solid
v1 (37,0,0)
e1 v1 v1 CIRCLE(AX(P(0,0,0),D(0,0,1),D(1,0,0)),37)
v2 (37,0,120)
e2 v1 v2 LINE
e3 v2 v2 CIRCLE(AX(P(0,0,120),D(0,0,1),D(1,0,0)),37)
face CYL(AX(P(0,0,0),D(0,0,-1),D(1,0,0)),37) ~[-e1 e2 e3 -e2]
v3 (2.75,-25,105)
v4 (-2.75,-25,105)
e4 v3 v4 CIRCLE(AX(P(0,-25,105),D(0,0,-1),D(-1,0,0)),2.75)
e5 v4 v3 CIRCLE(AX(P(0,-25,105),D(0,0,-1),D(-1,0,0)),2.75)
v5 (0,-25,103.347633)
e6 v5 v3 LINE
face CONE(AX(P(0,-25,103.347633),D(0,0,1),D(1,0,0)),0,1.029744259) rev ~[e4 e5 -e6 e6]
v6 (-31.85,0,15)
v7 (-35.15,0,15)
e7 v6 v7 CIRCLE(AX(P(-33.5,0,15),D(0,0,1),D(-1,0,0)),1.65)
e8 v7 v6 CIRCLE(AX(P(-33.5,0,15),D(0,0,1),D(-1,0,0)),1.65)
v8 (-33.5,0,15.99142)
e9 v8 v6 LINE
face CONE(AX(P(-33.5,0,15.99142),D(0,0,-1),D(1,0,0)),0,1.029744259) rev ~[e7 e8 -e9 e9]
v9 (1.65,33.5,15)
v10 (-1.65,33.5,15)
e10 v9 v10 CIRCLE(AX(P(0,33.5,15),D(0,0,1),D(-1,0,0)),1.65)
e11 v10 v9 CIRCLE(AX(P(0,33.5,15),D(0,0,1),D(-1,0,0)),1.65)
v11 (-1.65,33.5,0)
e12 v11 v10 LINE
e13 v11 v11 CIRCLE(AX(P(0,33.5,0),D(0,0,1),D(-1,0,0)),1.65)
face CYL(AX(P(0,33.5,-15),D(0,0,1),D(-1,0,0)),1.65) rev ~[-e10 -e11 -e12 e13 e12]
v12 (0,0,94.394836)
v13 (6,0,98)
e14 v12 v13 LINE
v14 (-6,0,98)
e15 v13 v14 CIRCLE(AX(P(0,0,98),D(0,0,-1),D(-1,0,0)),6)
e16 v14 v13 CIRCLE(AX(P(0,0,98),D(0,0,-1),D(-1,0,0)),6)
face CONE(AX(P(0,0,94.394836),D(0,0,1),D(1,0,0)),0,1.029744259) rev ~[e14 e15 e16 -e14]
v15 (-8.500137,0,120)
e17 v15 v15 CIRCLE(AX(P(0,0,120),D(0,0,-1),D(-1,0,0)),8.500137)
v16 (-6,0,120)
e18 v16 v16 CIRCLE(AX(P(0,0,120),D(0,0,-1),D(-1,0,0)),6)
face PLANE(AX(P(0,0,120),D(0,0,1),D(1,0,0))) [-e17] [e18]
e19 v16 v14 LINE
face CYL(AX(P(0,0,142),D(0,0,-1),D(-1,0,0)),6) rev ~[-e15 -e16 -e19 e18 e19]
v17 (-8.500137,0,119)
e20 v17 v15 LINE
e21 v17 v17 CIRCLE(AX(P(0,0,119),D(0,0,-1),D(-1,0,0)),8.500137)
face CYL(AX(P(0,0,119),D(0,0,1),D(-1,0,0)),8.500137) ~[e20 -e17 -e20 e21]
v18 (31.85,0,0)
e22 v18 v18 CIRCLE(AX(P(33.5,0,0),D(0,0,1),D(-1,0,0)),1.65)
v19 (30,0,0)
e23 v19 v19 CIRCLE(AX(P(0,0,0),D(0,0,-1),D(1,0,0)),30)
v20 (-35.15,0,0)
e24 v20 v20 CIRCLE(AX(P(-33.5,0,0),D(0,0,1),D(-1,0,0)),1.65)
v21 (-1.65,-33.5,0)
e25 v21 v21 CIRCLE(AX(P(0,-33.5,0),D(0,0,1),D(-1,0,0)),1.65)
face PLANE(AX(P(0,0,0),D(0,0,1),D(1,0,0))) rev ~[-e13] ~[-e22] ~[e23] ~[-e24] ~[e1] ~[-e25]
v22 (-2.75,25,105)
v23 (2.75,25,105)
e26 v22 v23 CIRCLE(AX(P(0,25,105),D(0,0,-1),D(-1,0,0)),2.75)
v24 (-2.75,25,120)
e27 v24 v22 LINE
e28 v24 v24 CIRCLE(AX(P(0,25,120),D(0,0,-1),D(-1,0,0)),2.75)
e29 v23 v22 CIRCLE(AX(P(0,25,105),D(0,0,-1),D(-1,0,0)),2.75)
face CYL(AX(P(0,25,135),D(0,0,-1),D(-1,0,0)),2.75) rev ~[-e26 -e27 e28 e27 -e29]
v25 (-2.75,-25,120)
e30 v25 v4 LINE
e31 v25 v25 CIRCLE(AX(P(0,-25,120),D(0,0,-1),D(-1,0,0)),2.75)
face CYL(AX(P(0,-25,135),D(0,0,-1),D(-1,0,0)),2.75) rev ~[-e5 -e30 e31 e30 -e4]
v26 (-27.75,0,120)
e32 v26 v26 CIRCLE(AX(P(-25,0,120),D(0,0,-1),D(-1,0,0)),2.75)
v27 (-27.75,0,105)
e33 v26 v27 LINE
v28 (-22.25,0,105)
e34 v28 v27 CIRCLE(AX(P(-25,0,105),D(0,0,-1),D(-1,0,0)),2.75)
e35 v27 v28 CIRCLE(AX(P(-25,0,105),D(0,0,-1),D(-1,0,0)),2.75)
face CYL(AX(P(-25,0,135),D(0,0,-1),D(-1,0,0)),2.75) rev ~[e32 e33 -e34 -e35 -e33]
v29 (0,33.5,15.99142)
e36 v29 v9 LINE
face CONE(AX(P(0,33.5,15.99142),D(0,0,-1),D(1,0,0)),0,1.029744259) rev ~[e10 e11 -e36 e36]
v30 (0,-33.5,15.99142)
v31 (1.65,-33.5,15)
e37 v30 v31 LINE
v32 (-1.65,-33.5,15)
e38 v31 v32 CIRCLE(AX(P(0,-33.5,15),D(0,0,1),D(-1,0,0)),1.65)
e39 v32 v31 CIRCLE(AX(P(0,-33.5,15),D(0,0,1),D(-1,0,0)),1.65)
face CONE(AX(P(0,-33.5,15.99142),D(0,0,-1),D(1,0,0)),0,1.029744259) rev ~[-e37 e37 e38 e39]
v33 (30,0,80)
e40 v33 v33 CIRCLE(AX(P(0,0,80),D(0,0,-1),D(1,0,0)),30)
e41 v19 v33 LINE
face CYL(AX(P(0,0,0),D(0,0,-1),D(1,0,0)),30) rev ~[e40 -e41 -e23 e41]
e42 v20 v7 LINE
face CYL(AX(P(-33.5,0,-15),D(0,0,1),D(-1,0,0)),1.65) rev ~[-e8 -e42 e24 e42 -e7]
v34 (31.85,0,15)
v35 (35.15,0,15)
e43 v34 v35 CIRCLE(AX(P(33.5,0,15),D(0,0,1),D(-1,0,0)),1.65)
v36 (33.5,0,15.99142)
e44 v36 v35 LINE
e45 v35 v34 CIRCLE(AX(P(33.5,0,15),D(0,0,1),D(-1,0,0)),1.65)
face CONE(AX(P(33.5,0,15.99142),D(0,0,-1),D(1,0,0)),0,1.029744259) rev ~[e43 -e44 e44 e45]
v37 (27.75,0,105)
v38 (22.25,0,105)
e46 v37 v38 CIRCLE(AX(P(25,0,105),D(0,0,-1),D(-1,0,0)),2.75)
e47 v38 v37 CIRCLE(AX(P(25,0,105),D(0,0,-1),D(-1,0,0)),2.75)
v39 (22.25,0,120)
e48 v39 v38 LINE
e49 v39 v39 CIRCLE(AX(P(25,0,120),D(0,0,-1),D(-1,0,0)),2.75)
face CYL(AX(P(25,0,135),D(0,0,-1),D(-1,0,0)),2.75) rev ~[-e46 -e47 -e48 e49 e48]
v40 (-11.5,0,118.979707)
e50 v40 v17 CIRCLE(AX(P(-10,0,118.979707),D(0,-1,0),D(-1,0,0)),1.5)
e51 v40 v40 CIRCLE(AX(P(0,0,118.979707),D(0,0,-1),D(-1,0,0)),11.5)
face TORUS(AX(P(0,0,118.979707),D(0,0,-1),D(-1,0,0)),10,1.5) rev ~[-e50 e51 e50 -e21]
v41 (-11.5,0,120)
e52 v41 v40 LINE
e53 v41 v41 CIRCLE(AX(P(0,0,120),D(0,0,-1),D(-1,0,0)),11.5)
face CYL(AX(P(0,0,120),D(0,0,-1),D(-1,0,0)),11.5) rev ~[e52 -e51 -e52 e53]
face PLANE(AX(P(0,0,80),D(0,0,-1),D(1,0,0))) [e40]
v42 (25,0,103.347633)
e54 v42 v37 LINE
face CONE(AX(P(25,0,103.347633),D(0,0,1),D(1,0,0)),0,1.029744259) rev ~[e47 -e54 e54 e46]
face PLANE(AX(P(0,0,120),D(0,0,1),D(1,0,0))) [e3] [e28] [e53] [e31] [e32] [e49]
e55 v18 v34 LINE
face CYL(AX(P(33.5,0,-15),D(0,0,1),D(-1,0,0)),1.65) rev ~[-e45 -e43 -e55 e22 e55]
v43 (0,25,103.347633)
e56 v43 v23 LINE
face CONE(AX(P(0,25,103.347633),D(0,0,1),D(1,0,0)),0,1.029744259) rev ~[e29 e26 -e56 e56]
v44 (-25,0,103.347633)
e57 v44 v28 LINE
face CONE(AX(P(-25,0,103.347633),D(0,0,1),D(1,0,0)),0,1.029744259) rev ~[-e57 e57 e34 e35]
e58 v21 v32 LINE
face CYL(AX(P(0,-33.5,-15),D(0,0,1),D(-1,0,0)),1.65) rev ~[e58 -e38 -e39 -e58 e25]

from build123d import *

# Parameters (mm, degrees)
F0_R      = 37
F1_DEPTH  = 120
F2_R      = 30
F3_DEPTH  = 80
F5_D      = 12
F5_DEPTH  = 22
F5_TIP    = 3.6051637142
F9_D      = 5.5
F9_DEPTH  = 15
F9_TIP    = 1.6523667023
F11_D     = 3.3
F11_DEPTH = 15
F11_TIP   = 0.9914200214


with BuildPart() as f1:
    # F0 (on Top) → F1 (new body)
    with BuildSketch(Plane.XY):
        Circle(F0_R)
    extrude(amount=F1_DEPTH)

    # F2 (on face) → F3 (cut)
    with BuildSketch(Plane(origin=(0, 0, 0), x_dir=(1, 0, 0), z_dir=(0, 0, -1))):
        Circle(F2_R)
    extrude(amount=-F3_DEPTH, mode=Mode.SUBTRACT)

    # F5
    with Locations(Plane.XY.offset(120)):
        with Locations((0, 0)):
            Hole(F5_D / 2, depth=F5_DEPTH)
            with Locations((0, 0, -(F5_DEPTH + F5_TIP / 2))):  # 118° drill point
                Cone(0, F5_D / 2, F5_TIP, mode=Mode.SUBTRACT)

    # F6 (on Front) → F7 (revolve, cut)
    with BuildSketch(Plane.XZ):
        with BuildLine():
            Line((-8.50013727, 120), (-11.5, 120))
            Line((-11.5, 120), (-11.5, 118.9797073603))
            ThreePointArc((-11.5, 118.9797073603), (-9.989853448, 117.4797416782), (-8.50013727, 119))
            Line((-8.50013727, 119), (-8.50013727, 120))
        make_face()
    revolve(axis=Axis((0, 0, 55.1168825477), (0, 0, -1)), mode=Mode.SUBTRACT)

    # F9
    with Locations(Plane.XY.offset(120)):
        with Locations((-25, 0), (0, 25), (25, 0), (0, -25)):
            Hole(F9_D / 2, depth=F9_DEPTH)
            with Locations((0, 0, -(F9_DEPTH + F9_TIP / 2))):  # 118° drill point
                Cone(0, F9_D / 2, F9_TIP, mode=Mode.SUBTRACT)

    # F11
    with Locations(Plane(origin=(0, 0, 0), x_dir=(1, 0, 0), z_dir=(0, 0, -1))):
        with Locations((-33.5, 0), (0, 33.5), (33.5, 0), (0, -33.5)):
            Hole(F11_D / 2, depth=F11_DEPTH)
            with Locations((0, 0, -(F11_DEPTH + F11_TIP / 2))):  # 118° drill point
                Cone(0, F11_D / 2, F11_TIP, mode=Mode.SUBTRACT)


solid = f1.part
